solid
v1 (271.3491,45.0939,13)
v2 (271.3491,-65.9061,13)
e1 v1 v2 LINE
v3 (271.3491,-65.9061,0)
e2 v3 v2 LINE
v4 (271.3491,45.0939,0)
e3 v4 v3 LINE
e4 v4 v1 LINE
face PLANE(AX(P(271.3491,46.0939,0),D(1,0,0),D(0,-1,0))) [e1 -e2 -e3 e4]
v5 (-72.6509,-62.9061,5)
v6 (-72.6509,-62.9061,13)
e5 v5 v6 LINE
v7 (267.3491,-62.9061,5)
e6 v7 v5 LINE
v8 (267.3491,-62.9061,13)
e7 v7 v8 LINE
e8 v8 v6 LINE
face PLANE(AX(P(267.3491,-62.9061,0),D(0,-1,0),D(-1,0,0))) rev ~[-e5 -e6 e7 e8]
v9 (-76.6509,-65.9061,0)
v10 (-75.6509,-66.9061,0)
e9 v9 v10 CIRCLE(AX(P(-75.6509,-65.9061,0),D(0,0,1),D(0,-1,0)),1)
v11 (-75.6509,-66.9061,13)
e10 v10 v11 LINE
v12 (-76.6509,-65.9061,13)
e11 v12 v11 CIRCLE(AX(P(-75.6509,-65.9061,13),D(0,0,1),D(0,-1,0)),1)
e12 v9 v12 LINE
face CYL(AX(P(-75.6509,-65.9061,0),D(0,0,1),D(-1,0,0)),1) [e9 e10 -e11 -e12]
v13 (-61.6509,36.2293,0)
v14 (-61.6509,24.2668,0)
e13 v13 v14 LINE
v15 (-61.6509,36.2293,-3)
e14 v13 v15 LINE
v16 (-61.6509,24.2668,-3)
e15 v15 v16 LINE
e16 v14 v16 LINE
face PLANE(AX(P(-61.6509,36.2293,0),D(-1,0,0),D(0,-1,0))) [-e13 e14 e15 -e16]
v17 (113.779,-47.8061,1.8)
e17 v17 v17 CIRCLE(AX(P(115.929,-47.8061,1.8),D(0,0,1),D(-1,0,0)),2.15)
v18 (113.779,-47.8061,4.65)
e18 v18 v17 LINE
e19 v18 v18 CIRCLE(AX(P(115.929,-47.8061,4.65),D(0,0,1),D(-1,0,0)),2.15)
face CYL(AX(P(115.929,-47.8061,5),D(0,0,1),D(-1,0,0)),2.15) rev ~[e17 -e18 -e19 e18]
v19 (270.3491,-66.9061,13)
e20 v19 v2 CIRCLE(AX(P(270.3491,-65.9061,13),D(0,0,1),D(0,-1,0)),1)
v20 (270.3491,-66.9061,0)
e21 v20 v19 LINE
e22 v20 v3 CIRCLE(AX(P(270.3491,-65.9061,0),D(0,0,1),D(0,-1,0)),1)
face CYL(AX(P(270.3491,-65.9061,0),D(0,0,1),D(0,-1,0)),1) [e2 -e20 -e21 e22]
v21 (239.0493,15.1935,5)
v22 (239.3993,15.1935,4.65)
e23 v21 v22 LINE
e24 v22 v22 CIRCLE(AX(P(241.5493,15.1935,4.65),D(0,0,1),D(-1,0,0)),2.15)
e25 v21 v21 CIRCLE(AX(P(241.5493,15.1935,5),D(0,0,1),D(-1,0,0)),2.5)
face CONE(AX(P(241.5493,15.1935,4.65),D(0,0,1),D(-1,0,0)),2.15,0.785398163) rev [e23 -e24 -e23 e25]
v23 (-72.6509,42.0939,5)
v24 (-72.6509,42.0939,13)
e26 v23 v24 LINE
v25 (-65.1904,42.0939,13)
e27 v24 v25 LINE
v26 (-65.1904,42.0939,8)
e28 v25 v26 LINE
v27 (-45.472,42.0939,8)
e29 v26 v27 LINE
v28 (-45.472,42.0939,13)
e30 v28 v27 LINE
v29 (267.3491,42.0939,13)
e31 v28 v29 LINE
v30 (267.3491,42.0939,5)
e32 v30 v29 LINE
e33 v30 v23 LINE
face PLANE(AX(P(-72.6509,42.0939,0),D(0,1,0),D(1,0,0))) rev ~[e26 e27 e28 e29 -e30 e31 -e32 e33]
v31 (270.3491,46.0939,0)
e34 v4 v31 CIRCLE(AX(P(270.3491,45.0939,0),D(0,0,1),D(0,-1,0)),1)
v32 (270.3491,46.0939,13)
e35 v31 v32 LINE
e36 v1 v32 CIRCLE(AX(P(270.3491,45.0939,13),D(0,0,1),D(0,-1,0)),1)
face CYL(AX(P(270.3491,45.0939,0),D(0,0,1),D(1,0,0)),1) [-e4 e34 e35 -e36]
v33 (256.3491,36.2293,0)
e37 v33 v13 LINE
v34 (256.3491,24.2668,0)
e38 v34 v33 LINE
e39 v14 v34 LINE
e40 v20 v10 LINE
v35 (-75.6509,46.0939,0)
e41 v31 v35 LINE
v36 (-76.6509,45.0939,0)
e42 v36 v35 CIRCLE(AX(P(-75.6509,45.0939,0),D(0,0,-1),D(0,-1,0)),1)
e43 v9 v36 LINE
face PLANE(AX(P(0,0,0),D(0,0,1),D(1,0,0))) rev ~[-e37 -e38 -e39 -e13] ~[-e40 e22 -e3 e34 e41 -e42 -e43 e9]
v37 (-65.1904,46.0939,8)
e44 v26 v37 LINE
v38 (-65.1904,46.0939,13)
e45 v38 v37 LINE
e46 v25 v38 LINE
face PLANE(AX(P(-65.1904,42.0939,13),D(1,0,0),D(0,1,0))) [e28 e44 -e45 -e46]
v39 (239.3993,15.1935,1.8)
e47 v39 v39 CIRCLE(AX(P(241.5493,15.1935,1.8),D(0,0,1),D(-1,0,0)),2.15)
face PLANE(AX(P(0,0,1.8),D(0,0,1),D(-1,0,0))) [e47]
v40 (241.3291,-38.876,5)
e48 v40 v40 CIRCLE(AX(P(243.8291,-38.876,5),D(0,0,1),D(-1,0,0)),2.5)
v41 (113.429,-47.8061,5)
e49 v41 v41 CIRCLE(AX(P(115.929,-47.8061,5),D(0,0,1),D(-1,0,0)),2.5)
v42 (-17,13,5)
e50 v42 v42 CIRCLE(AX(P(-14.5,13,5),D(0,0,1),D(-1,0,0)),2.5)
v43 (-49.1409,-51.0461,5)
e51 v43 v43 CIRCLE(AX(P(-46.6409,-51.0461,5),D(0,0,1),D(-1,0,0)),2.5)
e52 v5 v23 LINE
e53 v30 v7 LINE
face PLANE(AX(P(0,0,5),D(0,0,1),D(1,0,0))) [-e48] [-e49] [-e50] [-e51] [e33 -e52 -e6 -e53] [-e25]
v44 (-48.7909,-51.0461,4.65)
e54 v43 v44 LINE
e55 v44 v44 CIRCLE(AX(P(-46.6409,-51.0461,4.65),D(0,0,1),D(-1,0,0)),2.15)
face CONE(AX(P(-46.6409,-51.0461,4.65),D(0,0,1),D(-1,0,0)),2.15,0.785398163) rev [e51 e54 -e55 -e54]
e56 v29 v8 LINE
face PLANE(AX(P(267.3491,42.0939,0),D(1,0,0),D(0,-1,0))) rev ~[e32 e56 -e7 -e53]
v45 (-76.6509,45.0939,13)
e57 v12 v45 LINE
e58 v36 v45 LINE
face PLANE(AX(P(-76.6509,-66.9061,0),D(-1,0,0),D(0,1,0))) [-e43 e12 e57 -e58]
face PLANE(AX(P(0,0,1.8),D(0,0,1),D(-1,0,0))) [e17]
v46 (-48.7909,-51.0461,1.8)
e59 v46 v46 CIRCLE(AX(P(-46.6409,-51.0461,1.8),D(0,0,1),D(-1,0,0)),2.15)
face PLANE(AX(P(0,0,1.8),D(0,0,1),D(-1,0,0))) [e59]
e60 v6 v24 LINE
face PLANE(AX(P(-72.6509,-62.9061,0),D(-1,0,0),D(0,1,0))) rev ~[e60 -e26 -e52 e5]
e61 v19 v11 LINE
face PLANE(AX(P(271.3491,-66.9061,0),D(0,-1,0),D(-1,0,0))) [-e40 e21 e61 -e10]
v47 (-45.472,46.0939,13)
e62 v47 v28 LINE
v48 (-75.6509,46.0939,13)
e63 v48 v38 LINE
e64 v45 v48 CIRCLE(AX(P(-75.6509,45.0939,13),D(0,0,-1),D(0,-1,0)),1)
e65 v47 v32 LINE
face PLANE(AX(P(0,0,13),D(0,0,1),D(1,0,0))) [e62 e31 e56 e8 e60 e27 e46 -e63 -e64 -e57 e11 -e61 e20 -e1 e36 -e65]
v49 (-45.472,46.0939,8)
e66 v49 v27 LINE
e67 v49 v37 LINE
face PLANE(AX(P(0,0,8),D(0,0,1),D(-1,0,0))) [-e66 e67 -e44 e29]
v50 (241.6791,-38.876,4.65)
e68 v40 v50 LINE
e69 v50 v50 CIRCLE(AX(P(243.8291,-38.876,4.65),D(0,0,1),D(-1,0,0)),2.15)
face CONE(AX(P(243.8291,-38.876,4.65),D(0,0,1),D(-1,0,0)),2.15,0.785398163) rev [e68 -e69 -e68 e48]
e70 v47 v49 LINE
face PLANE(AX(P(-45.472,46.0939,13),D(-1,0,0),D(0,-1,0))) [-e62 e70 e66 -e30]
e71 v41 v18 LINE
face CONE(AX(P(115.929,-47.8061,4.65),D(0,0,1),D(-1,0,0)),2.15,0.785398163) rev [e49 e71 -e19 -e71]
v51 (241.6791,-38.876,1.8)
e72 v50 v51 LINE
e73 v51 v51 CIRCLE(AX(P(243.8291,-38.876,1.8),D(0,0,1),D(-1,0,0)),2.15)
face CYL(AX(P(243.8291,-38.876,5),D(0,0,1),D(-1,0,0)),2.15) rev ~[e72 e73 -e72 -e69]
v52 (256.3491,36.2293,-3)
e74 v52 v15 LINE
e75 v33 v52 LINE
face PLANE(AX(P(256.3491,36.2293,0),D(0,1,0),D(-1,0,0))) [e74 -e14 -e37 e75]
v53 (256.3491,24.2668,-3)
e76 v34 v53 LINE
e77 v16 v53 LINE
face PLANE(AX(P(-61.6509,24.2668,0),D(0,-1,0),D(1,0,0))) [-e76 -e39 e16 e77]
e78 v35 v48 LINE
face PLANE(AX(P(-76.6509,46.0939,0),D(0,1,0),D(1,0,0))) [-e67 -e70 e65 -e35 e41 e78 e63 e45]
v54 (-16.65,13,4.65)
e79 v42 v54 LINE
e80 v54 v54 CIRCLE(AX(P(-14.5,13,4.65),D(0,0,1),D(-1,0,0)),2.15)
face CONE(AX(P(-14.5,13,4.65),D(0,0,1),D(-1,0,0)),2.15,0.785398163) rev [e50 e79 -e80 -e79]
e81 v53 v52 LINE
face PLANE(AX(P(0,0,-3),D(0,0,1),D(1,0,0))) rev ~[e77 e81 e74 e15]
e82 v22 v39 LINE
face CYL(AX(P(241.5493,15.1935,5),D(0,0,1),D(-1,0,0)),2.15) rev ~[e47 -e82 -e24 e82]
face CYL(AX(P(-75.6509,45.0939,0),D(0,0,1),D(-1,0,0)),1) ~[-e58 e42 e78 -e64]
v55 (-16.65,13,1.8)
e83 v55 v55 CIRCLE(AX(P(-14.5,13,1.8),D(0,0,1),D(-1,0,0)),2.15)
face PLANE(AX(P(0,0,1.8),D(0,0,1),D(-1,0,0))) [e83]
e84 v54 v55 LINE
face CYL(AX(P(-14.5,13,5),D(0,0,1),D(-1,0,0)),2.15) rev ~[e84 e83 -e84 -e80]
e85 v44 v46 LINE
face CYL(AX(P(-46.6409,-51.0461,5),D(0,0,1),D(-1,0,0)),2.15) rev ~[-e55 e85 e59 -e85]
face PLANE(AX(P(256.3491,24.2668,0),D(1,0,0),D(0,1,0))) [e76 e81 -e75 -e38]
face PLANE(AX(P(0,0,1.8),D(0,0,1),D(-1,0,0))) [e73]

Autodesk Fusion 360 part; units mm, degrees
sketch "PCB" plane through (0, 0, 0) normal (0, 0, 1) x (1, 0, 0)
  line L0 (-71.6509, 41.0939) -> (266.3491, 41.0939)
  line L1 (266.3491, 41.0939) -> (266.3491, -61.9061)
  line L2 (266.3491, -61.9061) -> (-71.6509, -61.9061)
  line L3 (-71.6509, -61.9061) -> (-71.6509, 41.0939)
  circle A0 centre (-45.1809, -36.3161) radius 1.6
  circle A1 centre (-14.4909, 13.0239) radius 1.6
  circle A2 centre (115.9291, -47.8061) radius 1.6
  circle A3 centre (243.8291, -38.8761) radius 1.6
  circle A4 centre (241.5491, 15.1939) radius 1.6
  line L4 (-60.6509, 41.0939) -> (-51.6509, 41.0939)
  line L5 (-51.6509, 41.0939) -> (-51.6509, 34)
  line L6 (-51.6509, 34) -> (-60.6509, 34)
  line L7 (-60.6509, 34) -> (-60.6509, 41.0939)
  point P0 (-45.4739, -36.5361)
  point P1 (-40.6298, 20.2839)
  dimension "d1" = 338
  dimension "d2" = 103
  dimension "d3" = 3.2
  dimension "d4" = 25.59
  dimension "d5" = 26.47
  dimension "d6" = 3.2
  dimension "d7" = 28.07
  dimension "d8" = 57.16
  dimension "d9" = 3.2
  dimension "d10" = 14.1
  dimension "d11" = 150.42
  dimension "d12" = 3.2
  dimension "d13" = 22.52
  dimension "d14" = 23.03
  dimension "d15" = 3.2
  dimension "d16" = 24.8
  dimension "d17" = 25.9
  dimension "d32" = 11
  dimension "d33" = 20
sketch "Sketch2" plane through (0, 0, 0) normal (0, 0, 1) x (1, 0, 0)
  line L0 (-76.6509, 46.0939) -> (271.3491, 46.0939)
  line L1 (271.3491, 46.0939) -> (271.3491, -66.9061)
  line L2 (271.3491, -66.9061) -> (-76.6509, -66.9061)
  line L3 (-76.6509, -66.9061) -> (-76.6509, 46.0939)
  line L4 (-71.6509, 41.0939) -> (266.3491, 41.0939)
  line L5 (-71.6509, -61.9061) -> (-71.6509, 41.0939)
  line L6 (266.3491, -61.9061) -> (-71.6509, -61.9061)
  line L7 (266.3491, 41.0939) -> (266.3491, -61.9061)
  line L8 (-72.6509, 42.0939) -> (267.3491, 42.0939)
  line L9 (267.3491, 42.0939) -> (267.3491, -62.9061)
  line L10 (267.3491, -62.9061) -> (-72.6509, -62.9061)
  line L11 (-72.6509, -62.9061) -> (-72.6509, 42.0939)
  line L12 (-51.6509, 46.0939) -> (-51.6509, 39)
  line L13 (-60.6509, 39) -> (-60.6509, 46.0939)
  line L14 (-51.6509, 39) -> (-60.6509, 39)
  dimension "d18" = 5
  dimension "d19" = 5
  dimension "d20" = 5
  dimension "d21" = 5
  dimension "d24" = 4
  dimension "d25" = 4
  dimension "d26" = 4
  dimension "d27" = 4
extrude "Extrude1" add sketch "Sketch2" along normal blind 5 contours L4 L5 L6 L7 L12 L13 L14 | L4 L12 L13 L14
extrude "Extrude2" add sketch "Sketch2" along normal blind 5 contours L4 L5 L6 L7 L8 L9 L10 L11 L12 L13 | L4 L8 L12 L13
extrude "Extrude3" add sketch "Sketch2" along normal blind 13 contours L0 L1 L2 L3 L8 L9 L10 L11 L12 L13 | L0 L8 L12 L13
sketch "Sketch3" plane through (0, 0, 13) normal (0, 0, 1) x (-1, 0, 0)
  line L0 (-267.3491, 62.9061) -> (72.6509, 62.9061)
  line L1 (72.6509, 62.9061) -> (72.6509, -42.0939)
  line L2 (72.6509, -42.0939) -> (-267.3491, -42.0939)
  line L3 (-267.3491, -42.0939) -> (-267.3491, 62.9061)
  line L4 (76.6509, 66.9061) -> (-271.3491, 66.9061)
  line L5 (-271.3491, 66.9061) -> (-271.3491, -46.0939)
  line L6 (-271.3491, -46.0939) -> (76.6509, -46.0939)
  line L7 (76.6509, -46.0939) -> (76.6509, 66.9061)
  line L8 (65.1904, -46.0939) -> (45.472, -46.0939)
  line L9 (45.472, -46.0939) -> (45.472, -42.0939)
  line L10 (45.472, -42.0939) -> (65.1904, -42.0939)
  line L11 (65.1904, -42.0939) -> (65.1904, -46.0939)
extrude "Extrude4" cut sketch "Sketch3" against normal blind 5 contours L2 L6 L8 L9 L10 L11
sketch "HOLWS" plane through (0, 0, 5) normal (0, 0, 1) x (-1, 0, 0)
  line L0 (72.6509, 62.9061) -> (-267.3491, 62.9061)
  line L1 (-267.3491, 62.9061) -> (-267.3491, -42.0939)
  line L2 (-267.3491, -42.0939) -> (72.6509, -42.0939)
  line L3 (72.6509, -42.0939) -> (72.6509, 62.9061)
  circle A0 centre (14.5, -13) radius 2.15
  circle A1 centre (46.6409, 51.0461) radius 2.15
  circle A2 centre (-115.929, 47.8061) radius 2.15
  circle A3 centre (-243.8291, 38.876) radius 2.15
  circle A4 centre (-241.5493, -15.1935) radius 2.15
  dimension "d48" = 4.3
  dimension "d49" = 4.3
  dimension "d50" = 4.3
  dimension "d51" = 4.3
  dimension "d52" = 4.3
  dimension "d57" = 26.01
  dimension "d58" = 11.86
fillet "Fillet1" radius 1 1 edges at (-76.6509, -66.9061, 6.5)
fillet "Fillet2" radius 1 1 edges at (-76.6509, 46.0939, 6.5)
fillet "Fillet3" radius 1 1 edges at (271.3491, -66.9061, 6.5)
fillet "Fillet4" radius 1 1 edges at (271.3491, 46.0939, 6.5)
sketch "Sketch5" plane through (0, 0, 0) normal (0, 0, 1) x (1, 0, 0)
  line L0 (256.3491, 36.2293) -> (-61.6509, 36.2293)
  line L1 (-61.6509, 36.2293) -> (-61.6509, 24.2668)
  line L2 (-61.6509, 24.2668) -> (256.3491, 24.2668)
  line L3 (256.3491, 24.2668) -> (256.3491, 36.2293)
  line L4 (-71.6509, -61.9061) -> (-71.6509, 41.0939)
  line L5 (266.3491, 41.0939) -> (266.3491, -61.9061)
  dimension "d44" = 10
  dimension "d45" = 10
extrude "Extrude5" add sketch "Sketch5" against normal blind 3
extrude "Extrude6" cut sketch "HOLWS" against normal blind 3.2 contours A0 | A1 | A2 | A3 | A4
chamfer "Chamfer1" distance 0.35 angle 45 1 edges at (-12.4955, 12.2225, 5)
chamfer "Chamfer2" distance 0.35 angle 45 4 edges at (-44.6364, -51.8236, 5) (117.9335, -48.5836, 5) (243.5538, 14.416, 5) (245.8336, -39.6534, 5)
move_body "Move1" bodies 1 to x (1, 0, 0) y (0, 1, 0) z (0, 0, 1) at (60, 0, 0)
move_body "Move2" bodies 1 to x (1, 0, 0) y (0, 1, 0) z (0, 0, 1) at (0, -5, 0)
move_body "Move3" bodies 1 to x (1, 0, 0) y (0, 1, 0) z (0, 0, 1) at (-60, 5, 0)
sketch "Sketch6" plane through (0, 0, 1.8) normal (0, 0, 1) x (-1, 0, 0)
  circle A0 centre (14.5, -13) radius 2.15
